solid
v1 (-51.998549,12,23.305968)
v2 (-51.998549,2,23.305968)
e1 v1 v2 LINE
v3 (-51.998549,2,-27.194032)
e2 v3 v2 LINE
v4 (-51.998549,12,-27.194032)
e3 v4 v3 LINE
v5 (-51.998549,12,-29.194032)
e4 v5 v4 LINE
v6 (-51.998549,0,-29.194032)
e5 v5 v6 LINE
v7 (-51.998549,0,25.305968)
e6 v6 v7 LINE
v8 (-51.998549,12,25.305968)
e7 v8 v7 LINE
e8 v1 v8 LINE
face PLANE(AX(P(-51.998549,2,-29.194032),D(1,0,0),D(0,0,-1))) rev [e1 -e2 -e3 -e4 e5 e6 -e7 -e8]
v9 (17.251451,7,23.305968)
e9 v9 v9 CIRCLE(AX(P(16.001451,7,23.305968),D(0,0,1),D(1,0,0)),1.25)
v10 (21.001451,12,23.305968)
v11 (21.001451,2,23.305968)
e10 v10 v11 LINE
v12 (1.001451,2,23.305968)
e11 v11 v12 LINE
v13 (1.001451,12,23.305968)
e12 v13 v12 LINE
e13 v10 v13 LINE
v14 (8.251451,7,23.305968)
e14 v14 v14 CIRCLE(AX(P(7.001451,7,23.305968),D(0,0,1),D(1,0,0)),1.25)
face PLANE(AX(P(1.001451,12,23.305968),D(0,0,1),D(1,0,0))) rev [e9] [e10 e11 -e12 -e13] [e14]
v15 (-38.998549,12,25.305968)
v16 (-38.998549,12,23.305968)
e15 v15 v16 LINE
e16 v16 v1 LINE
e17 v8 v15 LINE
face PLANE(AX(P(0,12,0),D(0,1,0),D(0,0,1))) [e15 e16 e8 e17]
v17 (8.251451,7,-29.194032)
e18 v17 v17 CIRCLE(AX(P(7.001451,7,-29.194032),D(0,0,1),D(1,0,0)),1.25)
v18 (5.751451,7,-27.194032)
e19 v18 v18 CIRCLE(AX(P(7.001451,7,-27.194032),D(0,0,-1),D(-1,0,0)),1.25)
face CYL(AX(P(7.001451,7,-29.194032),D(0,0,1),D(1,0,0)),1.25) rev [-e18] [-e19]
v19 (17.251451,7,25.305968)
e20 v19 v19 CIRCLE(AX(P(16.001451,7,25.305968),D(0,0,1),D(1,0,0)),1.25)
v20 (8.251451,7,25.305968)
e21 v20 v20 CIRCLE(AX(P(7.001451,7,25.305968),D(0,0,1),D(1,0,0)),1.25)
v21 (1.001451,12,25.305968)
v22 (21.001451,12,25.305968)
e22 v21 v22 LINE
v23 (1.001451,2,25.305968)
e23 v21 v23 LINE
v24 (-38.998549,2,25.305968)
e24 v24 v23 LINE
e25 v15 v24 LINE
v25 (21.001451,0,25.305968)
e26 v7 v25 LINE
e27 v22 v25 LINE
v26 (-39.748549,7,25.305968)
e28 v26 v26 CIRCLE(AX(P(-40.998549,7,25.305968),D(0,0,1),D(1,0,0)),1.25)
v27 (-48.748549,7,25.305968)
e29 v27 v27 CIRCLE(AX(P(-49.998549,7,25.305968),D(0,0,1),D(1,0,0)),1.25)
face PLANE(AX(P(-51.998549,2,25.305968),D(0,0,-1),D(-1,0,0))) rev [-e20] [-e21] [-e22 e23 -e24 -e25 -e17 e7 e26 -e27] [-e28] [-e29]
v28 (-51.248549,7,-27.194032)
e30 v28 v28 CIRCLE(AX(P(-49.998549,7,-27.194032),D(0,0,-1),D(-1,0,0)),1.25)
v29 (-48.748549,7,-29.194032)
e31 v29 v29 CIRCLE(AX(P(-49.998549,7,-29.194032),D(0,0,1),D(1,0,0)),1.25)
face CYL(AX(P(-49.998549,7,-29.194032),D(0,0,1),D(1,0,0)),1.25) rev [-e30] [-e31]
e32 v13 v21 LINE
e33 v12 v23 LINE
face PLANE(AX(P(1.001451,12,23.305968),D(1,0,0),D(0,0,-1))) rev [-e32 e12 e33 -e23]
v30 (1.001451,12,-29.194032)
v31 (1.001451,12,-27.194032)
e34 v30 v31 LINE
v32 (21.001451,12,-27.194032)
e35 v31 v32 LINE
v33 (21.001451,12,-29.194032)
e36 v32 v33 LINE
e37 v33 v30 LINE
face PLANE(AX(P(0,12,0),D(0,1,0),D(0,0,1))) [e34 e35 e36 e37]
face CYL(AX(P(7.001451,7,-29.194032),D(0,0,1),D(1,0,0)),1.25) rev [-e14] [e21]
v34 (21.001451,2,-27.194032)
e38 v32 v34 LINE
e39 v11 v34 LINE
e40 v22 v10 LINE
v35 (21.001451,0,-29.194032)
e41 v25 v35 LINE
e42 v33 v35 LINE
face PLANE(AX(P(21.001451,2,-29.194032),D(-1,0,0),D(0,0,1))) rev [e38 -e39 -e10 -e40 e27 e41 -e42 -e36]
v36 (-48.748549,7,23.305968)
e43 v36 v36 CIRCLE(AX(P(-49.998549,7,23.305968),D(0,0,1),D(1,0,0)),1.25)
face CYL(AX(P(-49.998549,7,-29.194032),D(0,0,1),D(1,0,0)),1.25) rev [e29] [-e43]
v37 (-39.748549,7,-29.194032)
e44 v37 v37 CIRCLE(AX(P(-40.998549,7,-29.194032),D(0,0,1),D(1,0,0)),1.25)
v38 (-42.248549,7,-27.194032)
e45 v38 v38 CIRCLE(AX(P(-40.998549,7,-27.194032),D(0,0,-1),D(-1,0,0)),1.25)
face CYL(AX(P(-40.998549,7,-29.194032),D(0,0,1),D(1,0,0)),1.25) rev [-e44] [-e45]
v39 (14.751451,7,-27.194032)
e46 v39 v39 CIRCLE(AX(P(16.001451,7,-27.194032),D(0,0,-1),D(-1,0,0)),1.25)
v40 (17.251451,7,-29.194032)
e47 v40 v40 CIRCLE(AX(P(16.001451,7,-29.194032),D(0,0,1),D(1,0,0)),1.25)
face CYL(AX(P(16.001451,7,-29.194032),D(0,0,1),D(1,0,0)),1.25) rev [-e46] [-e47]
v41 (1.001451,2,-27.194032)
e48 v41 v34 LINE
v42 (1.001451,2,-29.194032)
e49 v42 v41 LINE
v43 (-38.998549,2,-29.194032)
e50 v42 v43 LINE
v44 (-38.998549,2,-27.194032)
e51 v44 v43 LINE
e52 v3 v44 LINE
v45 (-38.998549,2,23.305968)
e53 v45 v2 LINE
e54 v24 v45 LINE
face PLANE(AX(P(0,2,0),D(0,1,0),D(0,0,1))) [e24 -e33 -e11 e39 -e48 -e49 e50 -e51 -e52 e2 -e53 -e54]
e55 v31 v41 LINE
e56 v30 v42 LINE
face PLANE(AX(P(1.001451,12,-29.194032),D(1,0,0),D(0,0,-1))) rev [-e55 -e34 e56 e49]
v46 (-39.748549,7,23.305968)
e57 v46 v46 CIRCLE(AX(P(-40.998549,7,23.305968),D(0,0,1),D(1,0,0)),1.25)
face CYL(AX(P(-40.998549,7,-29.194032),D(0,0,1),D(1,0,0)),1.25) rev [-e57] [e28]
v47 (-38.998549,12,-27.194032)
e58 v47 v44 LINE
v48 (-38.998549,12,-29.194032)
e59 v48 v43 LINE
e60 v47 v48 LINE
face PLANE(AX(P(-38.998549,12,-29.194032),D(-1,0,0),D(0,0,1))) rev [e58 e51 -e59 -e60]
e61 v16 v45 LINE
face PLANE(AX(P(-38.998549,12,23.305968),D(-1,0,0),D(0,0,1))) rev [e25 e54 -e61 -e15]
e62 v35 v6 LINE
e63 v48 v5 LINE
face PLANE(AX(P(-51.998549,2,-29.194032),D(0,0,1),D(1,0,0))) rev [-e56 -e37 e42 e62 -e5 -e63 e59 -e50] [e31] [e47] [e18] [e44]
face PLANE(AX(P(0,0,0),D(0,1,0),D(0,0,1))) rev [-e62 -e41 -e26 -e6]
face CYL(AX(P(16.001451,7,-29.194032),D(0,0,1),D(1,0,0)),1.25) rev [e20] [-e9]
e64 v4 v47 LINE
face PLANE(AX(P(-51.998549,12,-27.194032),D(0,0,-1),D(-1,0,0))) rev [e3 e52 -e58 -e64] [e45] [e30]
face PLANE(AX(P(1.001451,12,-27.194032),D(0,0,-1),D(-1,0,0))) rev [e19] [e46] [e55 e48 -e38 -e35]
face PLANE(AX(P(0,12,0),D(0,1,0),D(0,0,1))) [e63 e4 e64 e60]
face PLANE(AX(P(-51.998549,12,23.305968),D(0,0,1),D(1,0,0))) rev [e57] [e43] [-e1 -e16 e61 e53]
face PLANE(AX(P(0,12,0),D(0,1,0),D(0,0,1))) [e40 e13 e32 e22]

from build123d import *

# Parameters (mm, degrees)
SKETCH1_W           = 73
SKETCH1_H           = 54.5
BOSS_EXTRUDE1_DEPTH = 2
SKETCH2_W           = 20
SKETCH2_H           = 2
SKETCH2_W_2         = 13
BOSS_EXTRUDE2_DEPTH = 10
SKETCH3_R           = 1.25
CUT_EXTRUDE1_DEPTH  = 55.5


with BuildPart() as part:
    # Sketch1 → Boss-Extrude1 (new body)
    with BuildSketch(Plane(origin=(0, 0, 0), x_dir=(1, 0, 0), z_dir=(0, 1, 0))):
        with Locations((-15.498549405, 1.944031796)):
            Rectangle(SKETCH1_W, SKETCH1_H)
    extrude(amount=BOSS_EXTRUDE1_DEPTH)

    # Sketch2 → Boss-Extrude2 (add)
    with BuildSketch(Plane(origin=(0, 2, 0), x_dir=(1, 0, 0), z_dir=(0, 1, 0))):
        with Locations((11.001450595, 28.194031796)):
            Rectangle(SKETCH2_W, SKETCH2_H)
        with Locations((11.001450595, -24.305968204)):
            Rectangle(SKETCH2_W, SKETCH2_H)
        with Locations((-45.498549405, 28.194031796)):
            Rectangle(SKETCH2_W_2, SKETCH2_H)
        with Locations((-45.498549405, -24.305968204)):
            Rectangle(SKETCH2_W_2, SKETCH2_H)
    extrude(amount=BOSS_EXTRUDE2_DEPTH)

    # Sketch3 → Cut-Extrude1 (cut, through all)
    with BuildSketch(Plane.XY.offset(25.305968204)):
        with Locations((16.001450595, 7)):
            Circle(SKETCH3_R)
        with Locations((7.001450595, 7)):
            Circle(SKETCH3_R)
        with Locations((-40.998549405, 7)):
            Circle(SKETCH3_R)
        with Locations((-49.998549405, 7)):
            Circle(SKETCH3_R)
    extrude(amount=-CUT_EXTRUDE1_DEPTH, mode=Mode.SUBTRACT)


solid = part.part
